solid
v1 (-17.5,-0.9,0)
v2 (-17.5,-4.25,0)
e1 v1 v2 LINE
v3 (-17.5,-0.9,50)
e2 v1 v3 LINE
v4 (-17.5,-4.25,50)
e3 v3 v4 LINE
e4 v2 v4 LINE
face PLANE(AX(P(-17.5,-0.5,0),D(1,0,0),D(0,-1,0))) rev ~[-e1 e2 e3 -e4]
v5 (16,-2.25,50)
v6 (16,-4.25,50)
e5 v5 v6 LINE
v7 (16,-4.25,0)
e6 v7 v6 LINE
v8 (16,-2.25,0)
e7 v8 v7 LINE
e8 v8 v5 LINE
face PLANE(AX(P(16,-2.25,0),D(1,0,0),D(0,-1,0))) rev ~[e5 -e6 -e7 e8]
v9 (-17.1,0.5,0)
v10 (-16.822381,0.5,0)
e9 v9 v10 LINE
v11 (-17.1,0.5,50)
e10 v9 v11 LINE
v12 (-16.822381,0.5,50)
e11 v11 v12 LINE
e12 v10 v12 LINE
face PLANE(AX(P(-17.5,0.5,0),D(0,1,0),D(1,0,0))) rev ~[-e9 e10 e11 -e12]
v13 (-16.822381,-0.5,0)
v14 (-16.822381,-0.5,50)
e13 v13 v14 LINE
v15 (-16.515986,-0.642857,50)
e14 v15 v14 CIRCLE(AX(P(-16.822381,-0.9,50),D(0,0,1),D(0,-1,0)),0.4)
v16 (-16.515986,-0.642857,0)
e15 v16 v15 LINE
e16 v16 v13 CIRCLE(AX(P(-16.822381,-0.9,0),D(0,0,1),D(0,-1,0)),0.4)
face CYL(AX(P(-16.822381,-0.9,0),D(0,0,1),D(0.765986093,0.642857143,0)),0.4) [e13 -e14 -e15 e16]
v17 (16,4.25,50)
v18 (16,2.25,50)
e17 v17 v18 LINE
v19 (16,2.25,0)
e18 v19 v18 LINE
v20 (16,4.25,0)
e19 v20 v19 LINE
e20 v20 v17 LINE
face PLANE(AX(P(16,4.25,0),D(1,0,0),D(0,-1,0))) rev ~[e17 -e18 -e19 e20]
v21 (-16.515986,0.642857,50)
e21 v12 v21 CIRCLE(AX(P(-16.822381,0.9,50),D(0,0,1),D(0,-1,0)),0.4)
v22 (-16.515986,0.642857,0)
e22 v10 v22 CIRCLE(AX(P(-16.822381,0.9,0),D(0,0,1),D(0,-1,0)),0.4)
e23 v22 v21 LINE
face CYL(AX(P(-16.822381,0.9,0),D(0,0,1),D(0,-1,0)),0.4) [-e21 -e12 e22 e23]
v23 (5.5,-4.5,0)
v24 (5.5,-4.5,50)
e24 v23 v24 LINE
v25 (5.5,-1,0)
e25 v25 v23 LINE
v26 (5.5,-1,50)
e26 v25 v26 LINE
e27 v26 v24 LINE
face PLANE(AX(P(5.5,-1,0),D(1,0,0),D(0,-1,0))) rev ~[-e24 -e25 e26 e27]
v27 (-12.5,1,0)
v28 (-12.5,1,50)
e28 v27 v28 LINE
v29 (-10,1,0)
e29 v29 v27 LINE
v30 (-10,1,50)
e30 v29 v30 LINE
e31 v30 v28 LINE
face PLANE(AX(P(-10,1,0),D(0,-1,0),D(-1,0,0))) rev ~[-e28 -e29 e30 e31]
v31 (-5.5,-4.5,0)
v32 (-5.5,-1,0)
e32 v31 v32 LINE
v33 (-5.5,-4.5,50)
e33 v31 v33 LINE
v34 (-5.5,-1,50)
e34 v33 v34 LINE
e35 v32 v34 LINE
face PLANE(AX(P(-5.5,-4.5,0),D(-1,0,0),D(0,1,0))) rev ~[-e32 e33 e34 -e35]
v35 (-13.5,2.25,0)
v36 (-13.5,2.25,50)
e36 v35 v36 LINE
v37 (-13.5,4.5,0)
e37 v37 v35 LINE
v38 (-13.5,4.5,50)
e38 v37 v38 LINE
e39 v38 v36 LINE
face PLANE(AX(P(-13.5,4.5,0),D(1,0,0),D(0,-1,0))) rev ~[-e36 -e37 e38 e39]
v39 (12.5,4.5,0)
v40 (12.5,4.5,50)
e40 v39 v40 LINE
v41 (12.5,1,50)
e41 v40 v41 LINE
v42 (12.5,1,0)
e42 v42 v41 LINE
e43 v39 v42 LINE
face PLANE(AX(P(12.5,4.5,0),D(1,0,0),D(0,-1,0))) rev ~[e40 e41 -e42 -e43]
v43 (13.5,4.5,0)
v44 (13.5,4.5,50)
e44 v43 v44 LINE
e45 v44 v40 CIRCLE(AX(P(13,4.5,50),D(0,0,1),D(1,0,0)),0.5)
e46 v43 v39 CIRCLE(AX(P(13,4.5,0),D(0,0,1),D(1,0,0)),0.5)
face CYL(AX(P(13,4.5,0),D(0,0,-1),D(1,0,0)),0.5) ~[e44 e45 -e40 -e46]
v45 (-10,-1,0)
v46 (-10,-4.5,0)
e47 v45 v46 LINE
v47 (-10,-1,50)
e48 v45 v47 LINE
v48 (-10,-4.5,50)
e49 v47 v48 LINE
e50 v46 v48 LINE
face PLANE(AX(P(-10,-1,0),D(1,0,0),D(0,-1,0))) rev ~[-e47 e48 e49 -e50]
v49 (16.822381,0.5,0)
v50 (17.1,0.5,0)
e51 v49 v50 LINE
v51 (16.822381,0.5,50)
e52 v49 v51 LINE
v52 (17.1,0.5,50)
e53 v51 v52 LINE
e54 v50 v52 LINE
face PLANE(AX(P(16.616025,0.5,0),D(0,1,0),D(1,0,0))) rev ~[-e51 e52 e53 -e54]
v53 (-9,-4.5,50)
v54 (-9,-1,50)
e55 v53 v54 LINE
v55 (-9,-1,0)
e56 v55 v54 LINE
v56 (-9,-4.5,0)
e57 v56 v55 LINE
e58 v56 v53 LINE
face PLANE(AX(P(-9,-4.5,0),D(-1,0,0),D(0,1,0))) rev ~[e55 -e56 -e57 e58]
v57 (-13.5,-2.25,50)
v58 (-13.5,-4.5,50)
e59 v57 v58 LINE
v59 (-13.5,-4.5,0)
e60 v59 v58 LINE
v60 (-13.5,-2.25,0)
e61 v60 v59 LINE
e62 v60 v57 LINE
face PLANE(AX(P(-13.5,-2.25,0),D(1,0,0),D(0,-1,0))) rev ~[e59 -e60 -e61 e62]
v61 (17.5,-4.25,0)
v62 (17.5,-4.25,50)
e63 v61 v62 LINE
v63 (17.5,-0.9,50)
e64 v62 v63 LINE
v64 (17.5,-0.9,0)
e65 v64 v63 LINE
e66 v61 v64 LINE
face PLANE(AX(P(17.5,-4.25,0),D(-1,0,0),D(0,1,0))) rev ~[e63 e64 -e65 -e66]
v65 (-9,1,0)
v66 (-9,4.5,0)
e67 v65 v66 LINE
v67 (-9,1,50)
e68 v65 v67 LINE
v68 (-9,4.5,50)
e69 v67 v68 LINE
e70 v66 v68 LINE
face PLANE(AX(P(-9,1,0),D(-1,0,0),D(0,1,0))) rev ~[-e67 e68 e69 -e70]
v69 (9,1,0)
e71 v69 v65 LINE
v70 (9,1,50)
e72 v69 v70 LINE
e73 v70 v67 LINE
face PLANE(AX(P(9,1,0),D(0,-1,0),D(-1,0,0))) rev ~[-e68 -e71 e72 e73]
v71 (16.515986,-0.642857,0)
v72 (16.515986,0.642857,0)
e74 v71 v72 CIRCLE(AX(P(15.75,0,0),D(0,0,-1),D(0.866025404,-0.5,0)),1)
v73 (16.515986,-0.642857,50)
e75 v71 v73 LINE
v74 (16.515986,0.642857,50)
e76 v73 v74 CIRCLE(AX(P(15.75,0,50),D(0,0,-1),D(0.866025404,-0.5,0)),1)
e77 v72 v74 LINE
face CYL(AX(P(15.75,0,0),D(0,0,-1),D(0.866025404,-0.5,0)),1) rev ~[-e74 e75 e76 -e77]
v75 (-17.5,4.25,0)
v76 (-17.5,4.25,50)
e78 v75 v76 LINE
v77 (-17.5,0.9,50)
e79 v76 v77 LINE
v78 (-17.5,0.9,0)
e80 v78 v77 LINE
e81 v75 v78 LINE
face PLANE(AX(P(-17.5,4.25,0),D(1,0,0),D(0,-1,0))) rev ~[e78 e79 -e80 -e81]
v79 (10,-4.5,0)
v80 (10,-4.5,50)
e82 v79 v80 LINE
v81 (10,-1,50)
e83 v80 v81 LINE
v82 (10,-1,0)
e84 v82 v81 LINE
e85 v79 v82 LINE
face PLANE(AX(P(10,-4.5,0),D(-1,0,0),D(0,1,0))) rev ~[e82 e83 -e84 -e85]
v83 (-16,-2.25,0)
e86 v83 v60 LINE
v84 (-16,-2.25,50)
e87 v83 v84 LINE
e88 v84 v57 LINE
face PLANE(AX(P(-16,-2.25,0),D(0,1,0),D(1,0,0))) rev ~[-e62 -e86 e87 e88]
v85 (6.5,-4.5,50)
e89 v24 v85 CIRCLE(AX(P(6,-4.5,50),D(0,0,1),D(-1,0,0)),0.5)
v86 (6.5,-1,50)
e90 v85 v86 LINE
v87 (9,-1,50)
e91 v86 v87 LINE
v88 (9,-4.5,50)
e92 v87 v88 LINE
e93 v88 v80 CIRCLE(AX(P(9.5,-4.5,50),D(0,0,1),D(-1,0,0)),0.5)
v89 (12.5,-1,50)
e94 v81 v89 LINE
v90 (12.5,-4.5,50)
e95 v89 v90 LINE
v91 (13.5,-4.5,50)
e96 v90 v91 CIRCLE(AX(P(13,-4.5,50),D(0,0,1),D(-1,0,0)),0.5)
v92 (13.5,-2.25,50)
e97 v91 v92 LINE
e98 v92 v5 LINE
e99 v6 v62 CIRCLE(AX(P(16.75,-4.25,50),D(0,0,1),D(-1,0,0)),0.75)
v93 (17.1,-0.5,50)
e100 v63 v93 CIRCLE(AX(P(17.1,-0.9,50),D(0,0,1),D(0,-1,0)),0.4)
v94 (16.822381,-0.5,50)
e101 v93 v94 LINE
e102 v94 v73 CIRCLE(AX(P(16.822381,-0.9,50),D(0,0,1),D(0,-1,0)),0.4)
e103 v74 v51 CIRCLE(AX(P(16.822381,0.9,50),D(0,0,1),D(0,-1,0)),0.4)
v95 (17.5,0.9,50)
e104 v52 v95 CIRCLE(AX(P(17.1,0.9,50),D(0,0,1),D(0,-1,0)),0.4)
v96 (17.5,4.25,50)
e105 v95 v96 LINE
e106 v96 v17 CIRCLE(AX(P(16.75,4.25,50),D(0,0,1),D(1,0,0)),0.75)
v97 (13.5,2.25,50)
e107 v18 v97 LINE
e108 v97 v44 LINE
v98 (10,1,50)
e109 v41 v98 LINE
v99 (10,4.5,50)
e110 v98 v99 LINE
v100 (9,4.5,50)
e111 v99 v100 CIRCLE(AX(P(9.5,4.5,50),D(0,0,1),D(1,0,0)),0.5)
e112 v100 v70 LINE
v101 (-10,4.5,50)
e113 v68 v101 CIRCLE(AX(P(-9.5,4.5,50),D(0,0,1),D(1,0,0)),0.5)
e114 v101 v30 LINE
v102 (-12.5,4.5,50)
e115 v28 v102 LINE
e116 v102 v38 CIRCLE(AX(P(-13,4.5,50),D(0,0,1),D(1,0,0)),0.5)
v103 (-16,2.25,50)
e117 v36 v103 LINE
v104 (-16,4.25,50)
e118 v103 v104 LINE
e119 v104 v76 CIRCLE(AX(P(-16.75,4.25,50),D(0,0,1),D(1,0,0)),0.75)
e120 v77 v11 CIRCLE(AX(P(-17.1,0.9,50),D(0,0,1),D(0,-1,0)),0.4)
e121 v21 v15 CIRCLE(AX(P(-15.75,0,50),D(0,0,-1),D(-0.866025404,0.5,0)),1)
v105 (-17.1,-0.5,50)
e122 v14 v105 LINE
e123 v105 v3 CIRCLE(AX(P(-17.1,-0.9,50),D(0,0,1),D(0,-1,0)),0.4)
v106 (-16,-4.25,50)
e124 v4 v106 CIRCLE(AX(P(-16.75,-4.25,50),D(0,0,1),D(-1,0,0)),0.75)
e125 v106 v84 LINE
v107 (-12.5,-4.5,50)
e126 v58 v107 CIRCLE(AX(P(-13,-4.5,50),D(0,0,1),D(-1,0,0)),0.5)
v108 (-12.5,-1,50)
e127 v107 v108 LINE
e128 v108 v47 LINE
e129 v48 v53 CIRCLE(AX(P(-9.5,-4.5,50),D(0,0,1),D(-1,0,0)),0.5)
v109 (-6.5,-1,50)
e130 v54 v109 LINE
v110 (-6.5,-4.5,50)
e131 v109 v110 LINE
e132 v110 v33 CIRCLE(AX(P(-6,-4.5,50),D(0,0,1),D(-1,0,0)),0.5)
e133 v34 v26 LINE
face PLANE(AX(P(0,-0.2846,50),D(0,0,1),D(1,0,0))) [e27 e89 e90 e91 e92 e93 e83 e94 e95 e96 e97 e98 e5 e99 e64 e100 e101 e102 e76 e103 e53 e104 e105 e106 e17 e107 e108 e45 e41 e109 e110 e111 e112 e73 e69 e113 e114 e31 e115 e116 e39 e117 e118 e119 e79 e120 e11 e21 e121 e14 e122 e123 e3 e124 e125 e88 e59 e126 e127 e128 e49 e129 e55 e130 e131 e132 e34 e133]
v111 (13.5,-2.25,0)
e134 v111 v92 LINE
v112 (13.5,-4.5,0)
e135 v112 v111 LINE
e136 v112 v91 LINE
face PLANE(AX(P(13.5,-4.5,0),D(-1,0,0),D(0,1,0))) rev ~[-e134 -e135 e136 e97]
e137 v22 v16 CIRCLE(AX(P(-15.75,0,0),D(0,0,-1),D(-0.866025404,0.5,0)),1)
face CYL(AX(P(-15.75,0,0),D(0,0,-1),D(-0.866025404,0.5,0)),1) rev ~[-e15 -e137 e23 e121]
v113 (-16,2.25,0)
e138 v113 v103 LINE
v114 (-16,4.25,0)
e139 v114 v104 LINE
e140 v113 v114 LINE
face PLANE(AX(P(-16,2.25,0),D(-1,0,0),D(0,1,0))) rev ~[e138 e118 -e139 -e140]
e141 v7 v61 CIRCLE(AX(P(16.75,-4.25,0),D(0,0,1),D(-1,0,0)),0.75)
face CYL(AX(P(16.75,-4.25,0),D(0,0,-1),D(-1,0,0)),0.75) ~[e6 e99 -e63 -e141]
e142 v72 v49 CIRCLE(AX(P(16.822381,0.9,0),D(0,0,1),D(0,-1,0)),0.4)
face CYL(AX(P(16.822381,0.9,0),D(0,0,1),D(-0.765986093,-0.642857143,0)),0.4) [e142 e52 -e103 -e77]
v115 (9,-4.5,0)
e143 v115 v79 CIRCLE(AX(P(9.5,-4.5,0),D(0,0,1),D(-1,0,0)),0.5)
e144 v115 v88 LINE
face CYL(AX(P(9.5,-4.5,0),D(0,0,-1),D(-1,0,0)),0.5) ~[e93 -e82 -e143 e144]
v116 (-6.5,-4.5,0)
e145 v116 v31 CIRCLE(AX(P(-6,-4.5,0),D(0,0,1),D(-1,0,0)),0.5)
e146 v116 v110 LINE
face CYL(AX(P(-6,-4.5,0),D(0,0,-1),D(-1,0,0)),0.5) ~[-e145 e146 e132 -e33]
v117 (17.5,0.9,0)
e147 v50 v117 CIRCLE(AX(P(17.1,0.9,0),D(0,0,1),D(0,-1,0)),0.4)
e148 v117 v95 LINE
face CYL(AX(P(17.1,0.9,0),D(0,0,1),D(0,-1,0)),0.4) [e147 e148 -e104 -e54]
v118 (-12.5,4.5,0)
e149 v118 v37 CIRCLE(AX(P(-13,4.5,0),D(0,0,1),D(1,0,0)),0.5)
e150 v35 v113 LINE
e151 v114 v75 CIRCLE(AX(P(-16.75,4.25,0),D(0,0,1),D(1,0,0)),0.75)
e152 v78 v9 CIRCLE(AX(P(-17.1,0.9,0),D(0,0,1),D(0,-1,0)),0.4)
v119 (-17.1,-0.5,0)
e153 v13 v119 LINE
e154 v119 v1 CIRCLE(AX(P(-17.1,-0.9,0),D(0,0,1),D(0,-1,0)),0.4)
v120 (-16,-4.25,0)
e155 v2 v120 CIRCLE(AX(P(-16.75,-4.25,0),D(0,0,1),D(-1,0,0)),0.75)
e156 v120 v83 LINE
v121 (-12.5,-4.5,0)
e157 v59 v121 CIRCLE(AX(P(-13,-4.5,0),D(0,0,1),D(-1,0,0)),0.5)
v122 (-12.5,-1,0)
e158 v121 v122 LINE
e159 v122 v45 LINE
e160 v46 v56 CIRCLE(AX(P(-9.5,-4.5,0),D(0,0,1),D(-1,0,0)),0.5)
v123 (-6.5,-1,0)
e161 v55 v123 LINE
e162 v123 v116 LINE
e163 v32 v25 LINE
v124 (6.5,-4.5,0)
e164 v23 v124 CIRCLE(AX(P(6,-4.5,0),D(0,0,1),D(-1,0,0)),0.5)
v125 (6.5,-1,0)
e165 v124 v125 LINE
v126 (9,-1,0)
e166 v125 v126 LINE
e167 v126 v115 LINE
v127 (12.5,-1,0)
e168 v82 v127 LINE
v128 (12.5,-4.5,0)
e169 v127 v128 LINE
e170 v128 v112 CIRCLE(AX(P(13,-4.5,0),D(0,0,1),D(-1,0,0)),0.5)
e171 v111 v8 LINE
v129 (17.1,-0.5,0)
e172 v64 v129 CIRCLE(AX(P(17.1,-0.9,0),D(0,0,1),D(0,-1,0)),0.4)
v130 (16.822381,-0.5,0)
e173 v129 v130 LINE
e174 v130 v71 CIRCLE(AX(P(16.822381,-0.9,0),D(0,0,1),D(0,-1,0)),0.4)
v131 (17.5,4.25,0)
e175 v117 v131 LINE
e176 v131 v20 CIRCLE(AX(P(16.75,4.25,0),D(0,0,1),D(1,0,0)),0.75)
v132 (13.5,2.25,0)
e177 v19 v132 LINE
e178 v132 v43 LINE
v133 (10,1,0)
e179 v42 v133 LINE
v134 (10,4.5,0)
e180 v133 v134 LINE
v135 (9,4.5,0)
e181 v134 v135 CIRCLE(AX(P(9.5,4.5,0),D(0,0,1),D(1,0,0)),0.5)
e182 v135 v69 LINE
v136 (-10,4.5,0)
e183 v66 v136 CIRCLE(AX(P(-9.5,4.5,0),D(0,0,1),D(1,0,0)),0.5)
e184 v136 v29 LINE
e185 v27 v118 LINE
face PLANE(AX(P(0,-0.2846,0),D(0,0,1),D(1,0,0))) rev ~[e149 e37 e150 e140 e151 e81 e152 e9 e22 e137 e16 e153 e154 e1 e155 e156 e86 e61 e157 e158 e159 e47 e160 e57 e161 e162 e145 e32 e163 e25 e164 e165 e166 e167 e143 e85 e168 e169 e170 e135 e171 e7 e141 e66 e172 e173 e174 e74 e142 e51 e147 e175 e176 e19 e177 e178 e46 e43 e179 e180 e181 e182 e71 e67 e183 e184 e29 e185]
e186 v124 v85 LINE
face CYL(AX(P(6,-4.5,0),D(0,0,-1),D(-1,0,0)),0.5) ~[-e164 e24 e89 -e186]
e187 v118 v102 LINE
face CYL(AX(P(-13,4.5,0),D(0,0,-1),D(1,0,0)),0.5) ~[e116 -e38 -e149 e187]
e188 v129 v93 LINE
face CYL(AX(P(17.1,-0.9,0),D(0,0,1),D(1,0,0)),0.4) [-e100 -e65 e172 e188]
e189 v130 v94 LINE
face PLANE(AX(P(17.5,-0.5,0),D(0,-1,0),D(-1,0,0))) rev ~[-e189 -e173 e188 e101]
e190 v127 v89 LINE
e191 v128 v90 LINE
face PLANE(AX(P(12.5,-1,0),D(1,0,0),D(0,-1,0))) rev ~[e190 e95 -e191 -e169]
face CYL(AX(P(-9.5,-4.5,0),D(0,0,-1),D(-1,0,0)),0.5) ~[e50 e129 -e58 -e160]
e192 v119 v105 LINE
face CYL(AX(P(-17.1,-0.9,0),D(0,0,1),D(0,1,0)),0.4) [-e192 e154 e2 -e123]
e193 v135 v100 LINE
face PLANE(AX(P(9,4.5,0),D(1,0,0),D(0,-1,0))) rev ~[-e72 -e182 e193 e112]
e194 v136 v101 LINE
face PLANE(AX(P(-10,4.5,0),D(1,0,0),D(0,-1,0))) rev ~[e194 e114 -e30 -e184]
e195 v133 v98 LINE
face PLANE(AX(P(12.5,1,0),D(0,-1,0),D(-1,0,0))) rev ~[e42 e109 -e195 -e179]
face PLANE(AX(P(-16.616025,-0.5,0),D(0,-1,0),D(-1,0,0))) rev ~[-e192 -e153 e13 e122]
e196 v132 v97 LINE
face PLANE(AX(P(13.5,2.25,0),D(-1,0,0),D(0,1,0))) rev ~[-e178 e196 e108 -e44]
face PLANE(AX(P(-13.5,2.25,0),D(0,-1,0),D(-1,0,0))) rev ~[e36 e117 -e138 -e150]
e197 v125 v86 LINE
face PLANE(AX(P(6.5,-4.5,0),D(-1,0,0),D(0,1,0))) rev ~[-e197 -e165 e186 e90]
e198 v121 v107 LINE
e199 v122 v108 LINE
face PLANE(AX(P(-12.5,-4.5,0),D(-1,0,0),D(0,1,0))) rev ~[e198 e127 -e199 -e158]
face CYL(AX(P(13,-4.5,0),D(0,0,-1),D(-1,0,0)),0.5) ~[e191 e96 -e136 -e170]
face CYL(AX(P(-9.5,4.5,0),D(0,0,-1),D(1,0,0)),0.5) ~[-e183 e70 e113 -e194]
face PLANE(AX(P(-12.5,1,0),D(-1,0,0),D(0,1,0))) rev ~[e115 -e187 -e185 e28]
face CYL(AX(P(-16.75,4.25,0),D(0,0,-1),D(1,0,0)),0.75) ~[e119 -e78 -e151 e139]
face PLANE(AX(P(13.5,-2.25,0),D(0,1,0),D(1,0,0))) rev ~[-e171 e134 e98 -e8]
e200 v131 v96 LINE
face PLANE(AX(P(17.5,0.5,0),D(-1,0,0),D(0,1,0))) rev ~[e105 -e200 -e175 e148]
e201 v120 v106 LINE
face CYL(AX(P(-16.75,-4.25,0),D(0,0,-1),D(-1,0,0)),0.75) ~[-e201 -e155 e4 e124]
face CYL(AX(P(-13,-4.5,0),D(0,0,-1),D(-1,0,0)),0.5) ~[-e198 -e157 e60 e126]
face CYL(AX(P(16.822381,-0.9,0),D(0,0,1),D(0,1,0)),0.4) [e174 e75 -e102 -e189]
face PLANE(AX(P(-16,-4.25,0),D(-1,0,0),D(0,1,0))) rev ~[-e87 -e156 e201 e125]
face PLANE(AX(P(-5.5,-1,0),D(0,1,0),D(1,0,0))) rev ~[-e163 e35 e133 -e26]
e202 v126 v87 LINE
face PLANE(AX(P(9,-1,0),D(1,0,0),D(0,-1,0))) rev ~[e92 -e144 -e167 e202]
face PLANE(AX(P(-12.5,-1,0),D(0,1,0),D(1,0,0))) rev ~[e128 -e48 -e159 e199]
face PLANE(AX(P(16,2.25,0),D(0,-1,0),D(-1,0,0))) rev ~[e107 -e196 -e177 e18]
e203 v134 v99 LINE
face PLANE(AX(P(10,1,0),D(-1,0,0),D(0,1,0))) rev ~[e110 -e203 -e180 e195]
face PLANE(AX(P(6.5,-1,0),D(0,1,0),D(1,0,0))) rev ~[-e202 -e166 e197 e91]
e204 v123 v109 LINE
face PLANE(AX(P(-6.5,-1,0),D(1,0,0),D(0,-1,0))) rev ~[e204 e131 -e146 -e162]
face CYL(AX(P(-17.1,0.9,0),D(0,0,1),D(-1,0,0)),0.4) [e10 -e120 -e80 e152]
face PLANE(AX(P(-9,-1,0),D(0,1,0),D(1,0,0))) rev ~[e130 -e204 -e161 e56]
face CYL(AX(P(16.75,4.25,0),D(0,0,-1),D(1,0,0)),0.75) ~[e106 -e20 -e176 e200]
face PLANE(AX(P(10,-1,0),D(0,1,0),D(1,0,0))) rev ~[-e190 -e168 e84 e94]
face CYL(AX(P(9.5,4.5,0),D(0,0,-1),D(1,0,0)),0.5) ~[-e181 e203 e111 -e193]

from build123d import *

# Parameters (mm, degrees)
EXTRUDE_1_DEPTH = 50
FILLET_1_R      = 0.4


with BuildPart() as part:
    # Эскиз1 → Бобышка-Вытянуть1 (new body)
    with BuildSketch(Plane.XY):
        with BuildLine():
            Line((17.5, -4.25), (17.5, -0.5))
            Line((17.5, -0.5), (16.616025404, -0.5))
            ThreePointArc((16.616025404, -0.5), (14.75, 0), (16.616025404, 0.5))
            Line((16.616025404, 0.5), (17.5, 0.5))
            Line((17.5, 0.5), (17.5, 4.25))
            ThreePointArc((17.5, 4.25), (16.75, 5), (16, 4.25))
            Line((16, 4.25), (16, 2.25))
            Line((16, 2.25), (13.5, 2.25))
            Line((13.5, 2.25), (13.5, 4.5))
            ThreePointArc((13.5, 4.5), (13, 5), (12.5, 4.5))
            Line((12.5, 4.5), (12.5, 1))
            Line((12.5, 1), (10, 1))
            Line((10, 1), (10, 4.5))
            ThreePointArc((10, 4.5), (9.5, 5), (9, 4.5))
            Line((9, 4.5), (9, 1))
            Line((9, 1), (-9, 1))
            Line((-9, 1), (-9, 4.5))
            ThreePointArc((-9, 4.5), (-9.5, 5), (-10, 4.5))
            Line((-10, 4.5), (-10, 1))
            Line((-10, 1), (-12.5, 1))
            Line((-12.5, 1), (-12.5, 4.5))
            ThreePointArc((-12.5, 4.5), (-13, 5), (-13.5, 4.5))
            Line((-13.5, 4.5), (-13.5, 2.25))
            Line((-13.5, 2.25), (-16, 2.25))
            Line((-16, 2.25), (-16, 4.25))
            ThreePointArc((-16, 4.25), (-16.75, 5), (-17.5, 4.25))
            Line((-17.5, 4.25), (-17.5, 0.5))
            Line((-17.5, 0.5), (-16.616025404, 0.5))
            ThreePointArc((-16.616025404, 0.5), (-14.75, 0), (-16.616025404, -0.5))
            Line((-16.616025404, -0.5), (-17.5, -0.5))
            Line((-17.5, -0.5), (-17.5, -4.25))
            ThreePointArc((-17.5, -4.25), (-16.75, -5), (-16, -4.25))
            Line((-16, -4.25), (-16, -2.25))
            Line((-16, -2.25), (-13.5, -2.25))
            Line((-13.5, -2.25), (-13.5, -4.5))
            ThreePointArc((-13.5, -4.5), (-13, -5), (-12.5, -4.5))
            Line((-12.5, -4.5), (-12.5, -1))
            Line((-12.5, -1), (-10, -1))
            Line((-10, -1), (-10, -4.5))
            ThreePointArc((-10, -4.5), (-9.5, -5), (-9, -4.5))
            Line((-9, -4.5), (-9, -1))
            Line((-9, -1), (-6.5, -1))
            Line((-6.5, -1), (-6.5, -4.5))
            ThreePointArc((-6.5, -4.5), (-6, -5), (-5.5, -4.5))
            Line((-5.5, -4.5), (-5.5, -1))
            Line((-5.5, -1), (5.5, -1))
            Line((5.5, -1), (5.5, -4.5))
            ThreePointArc((5.5, -4.5), (6, -5), (6.5, -4.5))
            Line((6.5, -4.5), (6.5, -1))
            Line((6.5, -1), (9, -1))
            Line((9, -1), (9, -4.5))
            ThreePointArc((9, -4.5), (9.5, -5), (10, -4.5))
            Line((10, -4.5), (10, -1))
            Line((10, -1), (12.5, -1))
            Line((12.5, -1), (12.5, -4.5))
            ThreePointArc((12.5, -4.5), (13, -5), (13.5, -4.5))
            Line((13.5, -4.5), (13.5, -2.25))
            Line((13.5, -2.25), (16, -2.25))
            Line((16, -2.25), (16, -4.25))
            ThreePointArc((16, -4.25), (16.75, -5), (17.5, -4.25))
        make_face()
    extrude(amount=EXTRUDE_1_DEPTH)

    # Скругление1
    fillet_1_edges = [part.edges().sort_by_distance(p)[0] for p in [
        (-17.5, -0.5, 25),
        (-16.616025404, -0.5, 25),
        (-16.616025404, 0.5, 25),
        (-17.5, 0.5, 25),
        (17.5, 0.5, 25),
        (16.616025404, 0.5, 25),
        (16.616025404, -0.5, 25),
        (17.5, -0.5, 25),
    ]]
    fillet(fillet_1_edges, radius=FILLET_1_R)


solid = part.part
